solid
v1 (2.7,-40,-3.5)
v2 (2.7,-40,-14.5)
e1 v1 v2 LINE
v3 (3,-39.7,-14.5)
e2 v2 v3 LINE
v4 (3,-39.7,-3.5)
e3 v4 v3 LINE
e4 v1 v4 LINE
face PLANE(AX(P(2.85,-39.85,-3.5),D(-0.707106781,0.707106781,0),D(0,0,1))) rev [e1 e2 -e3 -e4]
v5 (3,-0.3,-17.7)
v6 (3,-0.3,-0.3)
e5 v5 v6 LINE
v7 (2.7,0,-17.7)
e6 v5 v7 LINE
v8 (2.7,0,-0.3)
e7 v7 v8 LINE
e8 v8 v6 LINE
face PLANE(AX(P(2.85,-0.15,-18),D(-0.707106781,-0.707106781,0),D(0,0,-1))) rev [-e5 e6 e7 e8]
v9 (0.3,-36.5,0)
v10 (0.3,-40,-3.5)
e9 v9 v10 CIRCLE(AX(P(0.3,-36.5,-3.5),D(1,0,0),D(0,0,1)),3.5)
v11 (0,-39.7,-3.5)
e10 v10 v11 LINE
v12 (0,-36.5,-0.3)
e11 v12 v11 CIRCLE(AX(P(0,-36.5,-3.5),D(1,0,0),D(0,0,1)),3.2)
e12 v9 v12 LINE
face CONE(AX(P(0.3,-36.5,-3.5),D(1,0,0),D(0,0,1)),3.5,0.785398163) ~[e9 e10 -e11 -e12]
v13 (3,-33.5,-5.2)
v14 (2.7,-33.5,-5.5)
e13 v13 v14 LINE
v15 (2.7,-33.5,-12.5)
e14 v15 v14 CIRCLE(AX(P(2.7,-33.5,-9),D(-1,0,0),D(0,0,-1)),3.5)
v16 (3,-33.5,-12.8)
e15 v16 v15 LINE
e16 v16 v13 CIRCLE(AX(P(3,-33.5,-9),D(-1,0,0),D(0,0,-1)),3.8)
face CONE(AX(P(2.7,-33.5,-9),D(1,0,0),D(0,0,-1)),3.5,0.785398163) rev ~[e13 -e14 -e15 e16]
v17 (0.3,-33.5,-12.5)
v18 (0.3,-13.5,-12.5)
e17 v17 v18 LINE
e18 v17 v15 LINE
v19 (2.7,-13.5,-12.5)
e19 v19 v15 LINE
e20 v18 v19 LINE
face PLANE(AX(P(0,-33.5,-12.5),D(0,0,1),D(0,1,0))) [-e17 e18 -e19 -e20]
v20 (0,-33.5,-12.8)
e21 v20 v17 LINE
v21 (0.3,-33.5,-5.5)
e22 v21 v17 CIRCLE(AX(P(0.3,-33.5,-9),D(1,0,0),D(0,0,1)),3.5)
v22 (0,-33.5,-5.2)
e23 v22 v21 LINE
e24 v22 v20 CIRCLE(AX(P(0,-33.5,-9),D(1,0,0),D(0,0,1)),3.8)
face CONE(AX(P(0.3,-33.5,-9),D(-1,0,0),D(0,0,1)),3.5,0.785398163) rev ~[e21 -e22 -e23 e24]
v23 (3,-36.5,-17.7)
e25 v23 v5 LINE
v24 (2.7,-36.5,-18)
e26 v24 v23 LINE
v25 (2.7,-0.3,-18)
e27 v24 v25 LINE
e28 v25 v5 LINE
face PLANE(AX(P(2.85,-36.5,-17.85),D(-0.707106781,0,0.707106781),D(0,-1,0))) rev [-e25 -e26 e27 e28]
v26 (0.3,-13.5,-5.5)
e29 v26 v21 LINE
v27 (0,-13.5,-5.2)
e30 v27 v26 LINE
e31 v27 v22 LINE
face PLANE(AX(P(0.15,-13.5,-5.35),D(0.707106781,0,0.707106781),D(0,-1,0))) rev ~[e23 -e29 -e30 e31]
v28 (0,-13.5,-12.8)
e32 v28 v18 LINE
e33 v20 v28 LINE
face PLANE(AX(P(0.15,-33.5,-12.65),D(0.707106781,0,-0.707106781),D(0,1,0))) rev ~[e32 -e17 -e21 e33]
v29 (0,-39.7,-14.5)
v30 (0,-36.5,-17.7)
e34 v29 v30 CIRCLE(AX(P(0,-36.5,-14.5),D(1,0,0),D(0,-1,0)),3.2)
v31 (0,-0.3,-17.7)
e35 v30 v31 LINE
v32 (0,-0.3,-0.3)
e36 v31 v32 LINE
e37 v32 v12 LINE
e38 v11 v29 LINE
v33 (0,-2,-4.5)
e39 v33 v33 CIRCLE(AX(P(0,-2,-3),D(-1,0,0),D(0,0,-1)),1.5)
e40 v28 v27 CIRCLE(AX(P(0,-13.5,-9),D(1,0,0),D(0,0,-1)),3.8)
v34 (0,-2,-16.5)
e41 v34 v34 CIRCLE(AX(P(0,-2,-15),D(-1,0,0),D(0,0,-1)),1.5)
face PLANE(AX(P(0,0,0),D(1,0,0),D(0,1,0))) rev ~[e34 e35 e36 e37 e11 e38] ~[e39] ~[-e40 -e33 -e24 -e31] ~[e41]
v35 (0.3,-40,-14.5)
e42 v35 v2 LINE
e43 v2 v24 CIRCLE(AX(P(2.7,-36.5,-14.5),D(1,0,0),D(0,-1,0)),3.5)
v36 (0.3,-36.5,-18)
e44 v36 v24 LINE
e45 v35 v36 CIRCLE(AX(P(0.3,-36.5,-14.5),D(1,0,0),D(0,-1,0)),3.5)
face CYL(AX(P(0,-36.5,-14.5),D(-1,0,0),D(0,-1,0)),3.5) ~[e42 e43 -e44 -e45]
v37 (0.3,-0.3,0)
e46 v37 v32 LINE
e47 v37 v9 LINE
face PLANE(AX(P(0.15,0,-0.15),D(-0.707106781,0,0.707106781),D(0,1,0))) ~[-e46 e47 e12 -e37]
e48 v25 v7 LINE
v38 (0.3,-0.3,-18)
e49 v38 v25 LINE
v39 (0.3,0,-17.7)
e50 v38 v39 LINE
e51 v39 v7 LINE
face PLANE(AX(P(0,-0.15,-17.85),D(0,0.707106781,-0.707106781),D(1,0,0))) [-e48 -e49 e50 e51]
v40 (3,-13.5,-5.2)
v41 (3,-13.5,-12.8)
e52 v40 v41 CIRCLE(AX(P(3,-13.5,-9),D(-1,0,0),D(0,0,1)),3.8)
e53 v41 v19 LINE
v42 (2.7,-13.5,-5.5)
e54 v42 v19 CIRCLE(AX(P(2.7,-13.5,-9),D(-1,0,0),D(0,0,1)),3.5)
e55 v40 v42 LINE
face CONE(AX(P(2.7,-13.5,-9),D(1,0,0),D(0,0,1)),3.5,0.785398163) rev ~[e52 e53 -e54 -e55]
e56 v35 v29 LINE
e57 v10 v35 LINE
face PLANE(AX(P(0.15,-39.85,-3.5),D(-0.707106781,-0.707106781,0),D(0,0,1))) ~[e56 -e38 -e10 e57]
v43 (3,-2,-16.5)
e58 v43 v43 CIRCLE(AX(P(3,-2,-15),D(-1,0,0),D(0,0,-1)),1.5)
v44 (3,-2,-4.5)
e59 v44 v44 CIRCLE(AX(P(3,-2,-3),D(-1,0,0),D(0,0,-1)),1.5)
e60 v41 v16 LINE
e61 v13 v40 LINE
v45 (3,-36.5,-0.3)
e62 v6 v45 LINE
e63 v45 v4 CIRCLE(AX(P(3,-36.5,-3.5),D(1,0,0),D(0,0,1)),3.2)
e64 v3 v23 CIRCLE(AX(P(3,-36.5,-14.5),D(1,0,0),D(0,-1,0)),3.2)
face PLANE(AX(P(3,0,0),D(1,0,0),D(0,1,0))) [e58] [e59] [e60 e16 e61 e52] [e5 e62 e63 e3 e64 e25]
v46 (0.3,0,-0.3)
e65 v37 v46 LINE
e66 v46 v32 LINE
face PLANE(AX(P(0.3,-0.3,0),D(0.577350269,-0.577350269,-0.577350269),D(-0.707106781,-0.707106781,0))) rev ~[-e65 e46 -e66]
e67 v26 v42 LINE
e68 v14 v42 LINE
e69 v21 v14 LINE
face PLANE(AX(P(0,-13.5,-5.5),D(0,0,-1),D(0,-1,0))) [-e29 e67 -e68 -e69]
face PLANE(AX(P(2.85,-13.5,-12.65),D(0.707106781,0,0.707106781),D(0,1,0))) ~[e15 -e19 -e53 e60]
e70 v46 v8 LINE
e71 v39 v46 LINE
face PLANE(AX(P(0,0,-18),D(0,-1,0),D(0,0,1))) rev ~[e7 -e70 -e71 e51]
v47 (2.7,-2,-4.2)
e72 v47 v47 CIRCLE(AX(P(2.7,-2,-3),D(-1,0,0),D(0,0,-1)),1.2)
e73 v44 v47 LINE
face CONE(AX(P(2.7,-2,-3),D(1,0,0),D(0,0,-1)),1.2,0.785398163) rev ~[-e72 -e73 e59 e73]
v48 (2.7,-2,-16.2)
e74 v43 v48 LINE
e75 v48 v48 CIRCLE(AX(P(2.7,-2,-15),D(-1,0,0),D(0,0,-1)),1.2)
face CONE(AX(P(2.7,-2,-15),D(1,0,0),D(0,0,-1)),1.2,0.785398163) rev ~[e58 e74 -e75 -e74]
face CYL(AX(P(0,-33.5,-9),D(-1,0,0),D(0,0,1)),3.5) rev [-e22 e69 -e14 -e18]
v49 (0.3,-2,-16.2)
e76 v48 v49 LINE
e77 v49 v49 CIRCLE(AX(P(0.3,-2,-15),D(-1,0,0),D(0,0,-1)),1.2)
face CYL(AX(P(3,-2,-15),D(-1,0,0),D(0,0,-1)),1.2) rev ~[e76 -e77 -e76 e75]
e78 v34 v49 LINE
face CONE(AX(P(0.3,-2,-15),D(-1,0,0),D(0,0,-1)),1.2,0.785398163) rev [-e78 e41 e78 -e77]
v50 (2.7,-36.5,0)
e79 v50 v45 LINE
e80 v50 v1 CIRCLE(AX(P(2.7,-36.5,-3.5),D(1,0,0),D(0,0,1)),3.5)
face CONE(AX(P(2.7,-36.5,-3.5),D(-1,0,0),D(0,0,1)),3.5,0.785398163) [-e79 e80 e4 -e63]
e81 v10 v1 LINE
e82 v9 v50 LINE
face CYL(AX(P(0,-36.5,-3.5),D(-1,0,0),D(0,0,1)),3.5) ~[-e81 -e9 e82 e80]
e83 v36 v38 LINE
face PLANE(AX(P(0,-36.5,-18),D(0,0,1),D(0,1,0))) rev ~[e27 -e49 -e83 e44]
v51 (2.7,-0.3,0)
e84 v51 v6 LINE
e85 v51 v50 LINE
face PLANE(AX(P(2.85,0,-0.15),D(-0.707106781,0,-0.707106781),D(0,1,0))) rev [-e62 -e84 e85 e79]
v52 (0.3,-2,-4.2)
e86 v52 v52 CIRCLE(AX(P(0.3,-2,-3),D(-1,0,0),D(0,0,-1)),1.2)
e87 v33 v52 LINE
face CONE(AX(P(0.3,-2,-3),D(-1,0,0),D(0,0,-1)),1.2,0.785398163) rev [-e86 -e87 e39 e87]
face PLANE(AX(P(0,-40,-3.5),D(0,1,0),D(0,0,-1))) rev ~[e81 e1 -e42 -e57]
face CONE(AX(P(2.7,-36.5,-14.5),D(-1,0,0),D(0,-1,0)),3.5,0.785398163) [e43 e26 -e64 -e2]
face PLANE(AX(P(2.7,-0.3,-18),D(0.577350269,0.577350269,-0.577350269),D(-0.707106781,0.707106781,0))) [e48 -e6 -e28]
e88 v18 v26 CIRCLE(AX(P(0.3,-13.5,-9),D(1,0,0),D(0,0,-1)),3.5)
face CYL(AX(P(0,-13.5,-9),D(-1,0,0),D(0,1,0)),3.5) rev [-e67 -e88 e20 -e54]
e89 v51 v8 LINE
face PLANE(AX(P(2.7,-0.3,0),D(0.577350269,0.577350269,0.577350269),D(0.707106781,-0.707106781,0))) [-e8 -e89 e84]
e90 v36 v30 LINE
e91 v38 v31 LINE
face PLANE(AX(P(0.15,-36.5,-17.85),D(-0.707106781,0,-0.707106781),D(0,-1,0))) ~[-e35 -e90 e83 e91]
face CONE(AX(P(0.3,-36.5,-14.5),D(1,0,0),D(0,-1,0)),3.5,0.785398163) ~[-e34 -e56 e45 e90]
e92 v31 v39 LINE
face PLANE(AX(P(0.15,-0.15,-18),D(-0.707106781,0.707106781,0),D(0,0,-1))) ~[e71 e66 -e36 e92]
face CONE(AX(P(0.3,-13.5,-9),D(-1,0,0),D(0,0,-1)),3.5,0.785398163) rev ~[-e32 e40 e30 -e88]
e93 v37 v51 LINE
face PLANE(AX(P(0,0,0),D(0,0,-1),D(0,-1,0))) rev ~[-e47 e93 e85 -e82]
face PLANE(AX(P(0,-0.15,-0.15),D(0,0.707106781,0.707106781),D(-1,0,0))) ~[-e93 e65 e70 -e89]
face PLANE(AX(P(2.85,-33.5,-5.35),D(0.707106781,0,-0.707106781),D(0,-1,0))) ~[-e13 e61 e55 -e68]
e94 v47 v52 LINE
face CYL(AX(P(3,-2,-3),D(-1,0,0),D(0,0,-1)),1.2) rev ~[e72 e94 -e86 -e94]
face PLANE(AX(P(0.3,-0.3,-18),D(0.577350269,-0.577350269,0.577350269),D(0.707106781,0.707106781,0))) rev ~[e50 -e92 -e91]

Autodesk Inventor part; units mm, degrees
ref_plane "YZ Plane" through (0, 0, 0) normal (1, 0, 0) x (0, 1, 0)
ref_plane "XZ Plane" through (0, 0, 0) normal (0, 1, 0) x (-1, 0, 0)
ref_plane "XY Plane" through (0, 0, 0) normal (0, 0, 1) x (1, 0, 0)
sketch "Sketch1" plane through (0, 0, 0) normal (1, 0, 0) x (0, 1, 0)
  line L0 (0, 0) -> (-36.5, 0)
  line L1 (-40, -3.5) -> (-40, -14.5)
  line L2 (-36.5, -18) -> (0, -18)
  line L3 (0, -18) -> (0, 0)
  line L4 (-13.5, -5.5) -> (-33.5, -5.5)
  line L5 (-37, -9) -> (-37, -9)
  line L6 (-33.5, -12.5) -> (-13.5, -12.5)
  line L7 (-10, -9) -> (-10, -9)
  arc A0 (-37, -9) -> (-33.5, -12.5) centre (-33.5, -9) ccw
  arc A1 (-33.5, -5.5) -> (-37, -9) centre (-33.5, -9) ccw
  arc A2 (-10, -9) -> (-13.5, -5.5) centre (-13.5, -9) ccw
  arc A3 (-13.5, -12.5) -> (-10, -9) centre (-13.5, -9) ccw
  arc A4 (-36.5, 0) -> (-40, -3.5) centre (-36.5, -3.5) ccw
  arc A5 (-40, -14.5) -> (-36.5, -18) centre (-36.5, -14.5) ccw
  point P0 (-40, -18)
  point P1 (-10, -5.5)
  point P2 (-37, -12.5)
  point P3 (-10, -12.5)
  dimension "d0" = 40
  dimension "d1" = 18
  dimension "d2" = 27
  dimension "d3" = 7
  dimension "d4" = 5.5
  dimension "d5" = 10
  dimension "d6" = 3.5
extrude "Extrusion1" add sketch "Sketch1" along normal blind 3
sketch "Sketch2" plane through (3, 0, 0) normal (1, 0, 0) x (0, 0, -1)
  line L0 (18, 0) -> (0, 0) projected
  line L1 (0, 0) -> (0, -36.5) projected
  line L2 (18, -36.5) -> (18, 0) projected
  point P0 (3, -2)
  point P1 (15, -2)
  dimension "d9" = 2
  dimension "d10" = 2
  dimension "d11" = 3
  dimension "d12" = 3
hole "Hole1" at (3, -2, -3) at (3, -2, -15) direction (-1, 0, 0) diameter 2.4 depth 8.8 tip angle 118
chamfer "Chamfer1" distance 0.3 angle 45 26 edges at (0, 0, -9) (3, 0, -9) (1.5, 0, 0) (3, -18.25, 0) (3, -38.9749, -1.0251) (3, -40, -9) (3, -38.9749, -16.9749) (3, -18.25, -18) (0, -18.25, 0) (0, -38.9749, -1.0251) (0, -40, -9) (0, -38.9749, -16.9749) (0, -18.25, -18) (3, -2, -13.8) (3, -2, -1.8) (3, -10, -9) (3, -23.5, -12.5) (3, -37, -9) (3, -23.5, -5.5) (0, -23.5, -12.5) (0, -10, -9) (0, -23.5, -5.5) (0, -37, -9) (1.5, 0, -18) (0, -2, -13.8) (0, -2, -1.8)
properties part number "Ramka2" material "Steel(1)"
